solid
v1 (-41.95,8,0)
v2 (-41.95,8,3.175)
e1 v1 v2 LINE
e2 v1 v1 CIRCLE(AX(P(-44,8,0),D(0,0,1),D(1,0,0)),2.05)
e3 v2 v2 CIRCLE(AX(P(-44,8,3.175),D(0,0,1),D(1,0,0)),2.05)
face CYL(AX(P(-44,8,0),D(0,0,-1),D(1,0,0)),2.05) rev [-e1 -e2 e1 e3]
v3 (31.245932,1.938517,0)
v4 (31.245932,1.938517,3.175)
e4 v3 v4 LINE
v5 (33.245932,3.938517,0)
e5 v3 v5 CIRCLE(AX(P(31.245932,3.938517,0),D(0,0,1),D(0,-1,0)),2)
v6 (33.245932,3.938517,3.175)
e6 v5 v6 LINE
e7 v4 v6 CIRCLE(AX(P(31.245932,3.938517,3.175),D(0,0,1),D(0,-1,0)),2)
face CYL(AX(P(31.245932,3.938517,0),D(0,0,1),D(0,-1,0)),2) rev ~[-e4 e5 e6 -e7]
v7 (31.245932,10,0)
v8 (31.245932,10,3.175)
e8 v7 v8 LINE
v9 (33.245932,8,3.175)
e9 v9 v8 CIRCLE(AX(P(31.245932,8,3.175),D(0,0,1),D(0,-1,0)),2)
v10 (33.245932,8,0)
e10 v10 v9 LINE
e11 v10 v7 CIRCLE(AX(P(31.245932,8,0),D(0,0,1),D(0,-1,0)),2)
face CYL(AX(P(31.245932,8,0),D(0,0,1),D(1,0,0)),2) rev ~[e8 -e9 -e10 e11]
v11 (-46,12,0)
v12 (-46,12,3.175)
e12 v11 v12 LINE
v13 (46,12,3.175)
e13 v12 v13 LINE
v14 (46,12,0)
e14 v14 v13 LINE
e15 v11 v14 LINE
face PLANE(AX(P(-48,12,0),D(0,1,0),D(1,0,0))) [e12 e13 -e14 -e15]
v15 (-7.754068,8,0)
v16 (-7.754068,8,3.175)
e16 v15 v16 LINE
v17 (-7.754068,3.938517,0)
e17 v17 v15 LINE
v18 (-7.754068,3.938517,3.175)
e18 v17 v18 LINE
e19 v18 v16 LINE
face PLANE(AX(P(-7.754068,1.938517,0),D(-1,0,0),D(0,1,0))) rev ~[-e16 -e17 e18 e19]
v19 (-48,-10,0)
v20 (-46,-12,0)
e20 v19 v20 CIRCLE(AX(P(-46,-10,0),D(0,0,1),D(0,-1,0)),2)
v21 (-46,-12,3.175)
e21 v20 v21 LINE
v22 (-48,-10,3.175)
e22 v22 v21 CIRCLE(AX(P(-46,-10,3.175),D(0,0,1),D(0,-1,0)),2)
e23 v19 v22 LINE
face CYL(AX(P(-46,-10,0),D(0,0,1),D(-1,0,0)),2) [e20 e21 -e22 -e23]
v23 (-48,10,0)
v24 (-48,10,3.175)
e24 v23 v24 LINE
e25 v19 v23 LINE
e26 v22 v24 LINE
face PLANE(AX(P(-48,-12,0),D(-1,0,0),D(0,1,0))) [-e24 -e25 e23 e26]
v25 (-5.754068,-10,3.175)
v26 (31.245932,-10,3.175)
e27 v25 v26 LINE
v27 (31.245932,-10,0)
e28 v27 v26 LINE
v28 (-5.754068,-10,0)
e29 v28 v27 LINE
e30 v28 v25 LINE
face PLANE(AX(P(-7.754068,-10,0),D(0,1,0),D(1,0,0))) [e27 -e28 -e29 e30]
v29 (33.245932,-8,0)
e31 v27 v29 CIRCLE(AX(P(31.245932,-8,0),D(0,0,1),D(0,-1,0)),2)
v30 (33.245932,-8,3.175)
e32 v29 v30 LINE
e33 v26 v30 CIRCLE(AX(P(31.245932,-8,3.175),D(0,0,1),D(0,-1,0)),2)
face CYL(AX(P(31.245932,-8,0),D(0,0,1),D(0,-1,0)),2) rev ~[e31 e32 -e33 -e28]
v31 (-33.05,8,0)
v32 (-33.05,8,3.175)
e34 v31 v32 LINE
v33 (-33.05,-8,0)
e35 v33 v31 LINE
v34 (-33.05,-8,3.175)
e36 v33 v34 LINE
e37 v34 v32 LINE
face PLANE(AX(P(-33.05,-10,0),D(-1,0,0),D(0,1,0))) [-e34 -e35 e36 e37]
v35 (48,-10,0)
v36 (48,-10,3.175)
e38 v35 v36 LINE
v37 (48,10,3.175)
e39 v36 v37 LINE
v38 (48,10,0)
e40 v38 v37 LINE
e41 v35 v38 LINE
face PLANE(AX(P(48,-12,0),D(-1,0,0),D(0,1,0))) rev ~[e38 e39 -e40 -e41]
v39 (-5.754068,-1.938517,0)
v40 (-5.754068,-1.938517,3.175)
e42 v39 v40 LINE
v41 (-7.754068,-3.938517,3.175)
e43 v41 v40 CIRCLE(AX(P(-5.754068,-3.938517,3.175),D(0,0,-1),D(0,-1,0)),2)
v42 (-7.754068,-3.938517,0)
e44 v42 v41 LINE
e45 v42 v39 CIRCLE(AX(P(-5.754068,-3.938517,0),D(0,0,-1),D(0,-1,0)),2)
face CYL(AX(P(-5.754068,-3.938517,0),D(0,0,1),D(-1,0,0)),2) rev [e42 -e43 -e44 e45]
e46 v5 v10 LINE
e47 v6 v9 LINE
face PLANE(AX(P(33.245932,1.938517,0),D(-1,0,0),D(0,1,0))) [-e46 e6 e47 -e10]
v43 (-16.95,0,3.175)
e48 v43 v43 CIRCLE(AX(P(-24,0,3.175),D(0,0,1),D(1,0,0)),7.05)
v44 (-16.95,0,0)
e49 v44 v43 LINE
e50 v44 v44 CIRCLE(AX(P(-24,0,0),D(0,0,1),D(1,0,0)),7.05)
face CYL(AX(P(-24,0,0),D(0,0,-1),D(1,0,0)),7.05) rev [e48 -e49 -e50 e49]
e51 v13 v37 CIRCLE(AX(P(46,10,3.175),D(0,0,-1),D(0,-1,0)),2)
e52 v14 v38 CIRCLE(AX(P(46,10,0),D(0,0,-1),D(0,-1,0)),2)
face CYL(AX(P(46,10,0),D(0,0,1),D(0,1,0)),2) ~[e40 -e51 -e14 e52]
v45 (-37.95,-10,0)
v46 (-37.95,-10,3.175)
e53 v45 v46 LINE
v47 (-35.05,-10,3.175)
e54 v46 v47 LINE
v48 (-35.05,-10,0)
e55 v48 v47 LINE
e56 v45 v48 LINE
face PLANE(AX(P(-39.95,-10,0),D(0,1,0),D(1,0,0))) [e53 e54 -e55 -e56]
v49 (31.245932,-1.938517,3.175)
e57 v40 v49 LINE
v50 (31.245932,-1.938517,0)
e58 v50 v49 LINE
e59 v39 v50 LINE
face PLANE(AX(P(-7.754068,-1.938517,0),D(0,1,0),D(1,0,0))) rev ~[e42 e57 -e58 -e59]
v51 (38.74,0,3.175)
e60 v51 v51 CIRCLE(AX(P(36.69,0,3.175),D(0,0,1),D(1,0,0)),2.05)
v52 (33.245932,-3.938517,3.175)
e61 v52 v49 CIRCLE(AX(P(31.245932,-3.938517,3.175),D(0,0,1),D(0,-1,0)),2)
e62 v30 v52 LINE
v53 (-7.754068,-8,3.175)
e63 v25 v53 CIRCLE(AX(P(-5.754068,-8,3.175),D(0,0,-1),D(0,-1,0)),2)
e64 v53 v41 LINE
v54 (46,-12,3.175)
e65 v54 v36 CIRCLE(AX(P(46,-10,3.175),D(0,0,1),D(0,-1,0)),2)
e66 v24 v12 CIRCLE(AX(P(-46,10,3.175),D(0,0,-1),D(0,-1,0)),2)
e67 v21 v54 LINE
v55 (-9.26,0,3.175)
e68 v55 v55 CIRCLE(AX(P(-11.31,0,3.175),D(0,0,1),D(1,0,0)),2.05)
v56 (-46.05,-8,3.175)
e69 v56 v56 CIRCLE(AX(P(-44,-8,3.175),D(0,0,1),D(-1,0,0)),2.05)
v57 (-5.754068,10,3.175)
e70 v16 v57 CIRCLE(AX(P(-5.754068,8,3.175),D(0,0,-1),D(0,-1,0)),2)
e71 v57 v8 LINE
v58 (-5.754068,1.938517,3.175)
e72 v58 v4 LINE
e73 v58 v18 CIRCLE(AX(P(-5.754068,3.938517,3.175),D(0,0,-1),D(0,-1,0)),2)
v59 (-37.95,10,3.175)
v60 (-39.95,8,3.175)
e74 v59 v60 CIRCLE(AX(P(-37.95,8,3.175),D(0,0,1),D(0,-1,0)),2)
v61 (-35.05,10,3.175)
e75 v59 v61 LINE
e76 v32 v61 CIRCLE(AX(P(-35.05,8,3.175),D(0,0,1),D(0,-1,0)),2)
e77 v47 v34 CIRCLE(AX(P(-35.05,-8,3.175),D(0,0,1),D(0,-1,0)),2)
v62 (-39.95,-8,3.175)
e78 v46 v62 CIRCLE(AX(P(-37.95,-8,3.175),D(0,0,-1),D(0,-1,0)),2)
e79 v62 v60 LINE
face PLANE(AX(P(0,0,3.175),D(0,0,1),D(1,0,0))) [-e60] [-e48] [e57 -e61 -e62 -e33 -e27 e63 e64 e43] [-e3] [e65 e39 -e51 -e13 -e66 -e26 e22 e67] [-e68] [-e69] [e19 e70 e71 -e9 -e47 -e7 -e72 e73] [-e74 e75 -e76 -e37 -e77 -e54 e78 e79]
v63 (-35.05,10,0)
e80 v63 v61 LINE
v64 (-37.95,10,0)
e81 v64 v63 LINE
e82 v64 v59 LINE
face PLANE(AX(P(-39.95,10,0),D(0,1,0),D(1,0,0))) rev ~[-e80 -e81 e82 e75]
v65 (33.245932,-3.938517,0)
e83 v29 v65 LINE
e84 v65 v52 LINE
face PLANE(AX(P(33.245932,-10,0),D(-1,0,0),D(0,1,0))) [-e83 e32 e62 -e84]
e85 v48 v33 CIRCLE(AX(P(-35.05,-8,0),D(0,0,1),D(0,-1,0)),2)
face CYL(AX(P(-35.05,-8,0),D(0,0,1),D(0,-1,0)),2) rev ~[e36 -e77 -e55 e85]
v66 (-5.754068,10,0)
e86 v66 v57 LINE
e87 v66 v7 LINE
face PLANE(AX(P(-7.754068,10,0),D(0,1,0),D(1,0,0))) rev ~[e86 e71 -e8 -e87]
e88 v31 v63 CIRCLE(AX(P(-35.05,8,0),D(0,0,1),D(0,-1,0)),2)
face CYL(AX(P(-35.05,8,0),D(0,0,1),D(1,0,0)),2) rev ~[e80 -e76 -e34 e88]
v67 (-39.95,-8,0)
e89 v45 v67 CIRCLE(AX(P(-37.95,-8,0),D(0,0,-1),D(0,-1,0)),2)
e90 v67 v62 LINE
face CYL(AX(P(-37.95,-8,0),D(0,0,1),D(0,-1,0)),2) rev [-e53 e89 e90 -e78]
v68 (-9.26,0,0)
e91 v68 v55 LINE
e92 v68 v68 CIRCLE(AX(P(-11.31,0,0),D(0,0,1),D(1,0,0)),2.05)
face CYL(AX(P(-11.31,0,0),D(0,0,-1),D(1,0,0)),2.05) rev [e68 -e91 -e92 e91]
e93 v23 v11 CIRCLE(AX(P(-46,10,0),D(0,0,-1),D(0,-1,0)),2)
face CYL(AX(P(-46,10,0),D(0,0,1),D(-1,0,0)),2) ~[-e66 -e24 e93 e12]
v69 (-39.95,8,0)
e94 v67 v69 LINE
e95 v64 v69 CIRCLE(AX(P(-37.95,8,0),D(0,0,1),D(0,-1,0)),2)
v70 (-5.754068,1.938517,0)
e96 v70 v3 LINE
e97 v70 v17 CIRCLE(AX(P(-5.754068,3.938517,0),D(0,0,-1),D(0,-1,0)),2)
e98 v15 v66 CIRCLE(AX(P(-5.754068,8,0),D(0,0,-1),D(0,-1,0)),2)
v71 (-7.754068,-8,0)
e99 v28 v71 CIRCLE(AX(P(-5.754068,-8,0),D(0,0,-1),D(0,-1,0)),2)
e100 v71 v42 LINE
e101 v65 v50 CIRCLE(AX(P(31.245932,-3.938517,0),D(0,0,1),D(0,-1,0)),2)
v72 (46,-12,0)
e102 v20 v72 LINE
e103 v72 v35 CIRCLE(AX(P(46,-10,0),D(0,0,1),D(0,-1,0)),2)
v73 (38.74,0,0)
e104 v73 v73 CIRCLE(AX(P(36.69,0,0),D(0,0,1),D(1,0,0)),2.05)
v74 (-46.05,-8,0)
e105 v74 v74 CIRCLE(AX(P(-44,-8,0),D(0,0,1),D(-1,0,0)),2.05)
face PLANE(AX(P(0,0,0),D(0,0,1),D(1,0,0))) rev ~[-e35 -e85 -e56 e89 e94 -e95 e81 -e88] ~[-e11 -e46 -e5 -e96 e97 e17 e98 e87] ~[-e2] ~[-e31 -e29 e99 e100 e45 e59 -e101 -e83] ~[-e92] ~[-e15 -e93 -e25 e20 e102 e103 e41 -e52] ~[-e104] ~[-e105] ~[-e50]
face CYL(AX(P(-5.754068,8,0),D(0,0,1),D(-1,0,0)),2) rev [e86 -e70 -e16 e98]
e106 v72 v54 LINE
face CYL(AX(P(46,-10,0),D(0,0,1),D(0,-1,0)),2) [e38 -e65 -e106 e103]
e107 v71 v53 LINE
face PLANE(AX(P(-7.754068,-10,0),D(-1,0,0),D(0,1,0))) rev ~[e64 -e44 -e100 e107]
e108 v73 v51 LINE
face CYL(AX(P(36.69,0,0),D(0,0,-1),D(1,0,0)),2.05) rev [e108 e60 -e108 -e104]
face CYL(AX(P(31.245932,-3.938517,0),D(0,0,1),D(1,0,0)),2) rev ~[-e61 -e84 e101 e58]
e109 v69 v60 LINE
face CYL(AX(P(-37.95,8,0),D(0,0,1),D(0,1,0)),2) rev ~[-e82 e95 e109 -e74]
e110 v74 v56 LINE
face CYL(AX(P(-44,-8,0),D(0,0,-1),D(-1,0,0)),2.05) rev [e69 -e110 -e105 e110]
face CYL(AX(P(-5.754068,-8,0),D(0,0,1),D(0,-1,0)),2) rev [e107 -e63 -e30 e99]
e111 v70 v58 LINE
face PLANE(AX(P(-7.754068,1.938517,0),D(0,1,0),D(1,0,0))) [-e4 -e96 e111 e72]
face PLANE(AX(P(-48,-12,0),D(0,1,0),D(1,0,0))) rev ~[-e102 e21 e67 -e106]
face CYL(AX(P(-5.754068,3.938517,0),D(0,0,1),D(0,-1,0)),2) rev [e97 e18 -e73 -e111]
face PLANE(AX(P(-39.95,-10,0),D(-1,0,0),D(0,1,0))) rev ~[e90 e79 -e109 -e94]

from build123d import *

# Parameters (mm, degrees)
SKETCH1_W           = 96
SKETCH1_H           = 24
SKETCH1_R           = 7.05
SKETCH1_R_2         = 2.05
SKETCH1_W_2         = 41
SKETCH1_H_2         = 8.061482978
SKETCH1_W_3         = 6.9
SKETCH1_H_3         = 20
BOSS_EXTRUDE1_DEPTH = 3.175
FILLET1_R           = 2


with BuildPart() as part:
    # Sketch1 → Boss-Extrude1 (new body)
    with BuildSketch(Plane.XY):
        Rectangle(SKETCH1_W, SKETCH1_H)
        with Locations((-24, 0)):
            Circle(SKETCH1_R, mode=Mode.SUBTRACT)
        with Locations((-11.31, 0)):
            Circle(SKETCH1_R_2, mode=Mode.SUBTRACT)
        with Locations((36.69, 0)):
            Circle(SKETCH1_R_2, mode=Mode.SUBTRACT)
        with Locations((-44, 8)):
            Circle(SKETCH1_R_2, mode=Mode.SUBTRACT)
        with Locations(Location((-44, -8, 0), (0, 0, 180))):
            Circle(SKETCH1_R_2, mode=Mode.SUBTRACT)
        with Locations((12.745931911, -5.969258511)):
            Rectangle(SKETCH1_W_2, SKETCH1_H_2, mode=Mode.SUBTRACT)
        with Locations((12.745931911, 5.969258511)):
            Rectangle(SKETCH1_W_2, SKETCH1_H_2, mode=Mode.SUBTRACT)
        with Locations((-36.5, 0)):
            Rectangle(SKETCH1_W_3, SKETCH1_H_3, mode=Mode.SUBTRACT)
    extrude(amount=BOSS_EXTRUDE1_DEPTH)

    # Fillet1
    fillet1_edges = [part.edges().sort_by_distance(p)[0] for p in [
        (-7.754068089, 10, 1.5875),
        (-7.754068089, 1.938517022, 1.5875),
        (33.245931911, 1.938517022, 1.5875),
        (33.245931911, 10, 1.5875),
        (-7.754068089, -1.938517022, 1.5875),
        (-7.754068089, -10, 1.5875),
        (33.245931911, -10, 1.5875),
        (33.245931911, -1.938517022, 1.5875),
        (-39.95, 10, 1.5875),
        (-39.95, -10, 1.5875),
        (-33.05, -10, 1.5875),
        (-33.05, 10, 1.5875),
        (-48, 12, 1.5875),
        (48, 12, 1.5875),
        (48, -12, 1.5875),
        (-48, -12, 1.5875),
    ]]
    fillet(fillet1_edges, radius=FILLET1_R)


solid = part.part
